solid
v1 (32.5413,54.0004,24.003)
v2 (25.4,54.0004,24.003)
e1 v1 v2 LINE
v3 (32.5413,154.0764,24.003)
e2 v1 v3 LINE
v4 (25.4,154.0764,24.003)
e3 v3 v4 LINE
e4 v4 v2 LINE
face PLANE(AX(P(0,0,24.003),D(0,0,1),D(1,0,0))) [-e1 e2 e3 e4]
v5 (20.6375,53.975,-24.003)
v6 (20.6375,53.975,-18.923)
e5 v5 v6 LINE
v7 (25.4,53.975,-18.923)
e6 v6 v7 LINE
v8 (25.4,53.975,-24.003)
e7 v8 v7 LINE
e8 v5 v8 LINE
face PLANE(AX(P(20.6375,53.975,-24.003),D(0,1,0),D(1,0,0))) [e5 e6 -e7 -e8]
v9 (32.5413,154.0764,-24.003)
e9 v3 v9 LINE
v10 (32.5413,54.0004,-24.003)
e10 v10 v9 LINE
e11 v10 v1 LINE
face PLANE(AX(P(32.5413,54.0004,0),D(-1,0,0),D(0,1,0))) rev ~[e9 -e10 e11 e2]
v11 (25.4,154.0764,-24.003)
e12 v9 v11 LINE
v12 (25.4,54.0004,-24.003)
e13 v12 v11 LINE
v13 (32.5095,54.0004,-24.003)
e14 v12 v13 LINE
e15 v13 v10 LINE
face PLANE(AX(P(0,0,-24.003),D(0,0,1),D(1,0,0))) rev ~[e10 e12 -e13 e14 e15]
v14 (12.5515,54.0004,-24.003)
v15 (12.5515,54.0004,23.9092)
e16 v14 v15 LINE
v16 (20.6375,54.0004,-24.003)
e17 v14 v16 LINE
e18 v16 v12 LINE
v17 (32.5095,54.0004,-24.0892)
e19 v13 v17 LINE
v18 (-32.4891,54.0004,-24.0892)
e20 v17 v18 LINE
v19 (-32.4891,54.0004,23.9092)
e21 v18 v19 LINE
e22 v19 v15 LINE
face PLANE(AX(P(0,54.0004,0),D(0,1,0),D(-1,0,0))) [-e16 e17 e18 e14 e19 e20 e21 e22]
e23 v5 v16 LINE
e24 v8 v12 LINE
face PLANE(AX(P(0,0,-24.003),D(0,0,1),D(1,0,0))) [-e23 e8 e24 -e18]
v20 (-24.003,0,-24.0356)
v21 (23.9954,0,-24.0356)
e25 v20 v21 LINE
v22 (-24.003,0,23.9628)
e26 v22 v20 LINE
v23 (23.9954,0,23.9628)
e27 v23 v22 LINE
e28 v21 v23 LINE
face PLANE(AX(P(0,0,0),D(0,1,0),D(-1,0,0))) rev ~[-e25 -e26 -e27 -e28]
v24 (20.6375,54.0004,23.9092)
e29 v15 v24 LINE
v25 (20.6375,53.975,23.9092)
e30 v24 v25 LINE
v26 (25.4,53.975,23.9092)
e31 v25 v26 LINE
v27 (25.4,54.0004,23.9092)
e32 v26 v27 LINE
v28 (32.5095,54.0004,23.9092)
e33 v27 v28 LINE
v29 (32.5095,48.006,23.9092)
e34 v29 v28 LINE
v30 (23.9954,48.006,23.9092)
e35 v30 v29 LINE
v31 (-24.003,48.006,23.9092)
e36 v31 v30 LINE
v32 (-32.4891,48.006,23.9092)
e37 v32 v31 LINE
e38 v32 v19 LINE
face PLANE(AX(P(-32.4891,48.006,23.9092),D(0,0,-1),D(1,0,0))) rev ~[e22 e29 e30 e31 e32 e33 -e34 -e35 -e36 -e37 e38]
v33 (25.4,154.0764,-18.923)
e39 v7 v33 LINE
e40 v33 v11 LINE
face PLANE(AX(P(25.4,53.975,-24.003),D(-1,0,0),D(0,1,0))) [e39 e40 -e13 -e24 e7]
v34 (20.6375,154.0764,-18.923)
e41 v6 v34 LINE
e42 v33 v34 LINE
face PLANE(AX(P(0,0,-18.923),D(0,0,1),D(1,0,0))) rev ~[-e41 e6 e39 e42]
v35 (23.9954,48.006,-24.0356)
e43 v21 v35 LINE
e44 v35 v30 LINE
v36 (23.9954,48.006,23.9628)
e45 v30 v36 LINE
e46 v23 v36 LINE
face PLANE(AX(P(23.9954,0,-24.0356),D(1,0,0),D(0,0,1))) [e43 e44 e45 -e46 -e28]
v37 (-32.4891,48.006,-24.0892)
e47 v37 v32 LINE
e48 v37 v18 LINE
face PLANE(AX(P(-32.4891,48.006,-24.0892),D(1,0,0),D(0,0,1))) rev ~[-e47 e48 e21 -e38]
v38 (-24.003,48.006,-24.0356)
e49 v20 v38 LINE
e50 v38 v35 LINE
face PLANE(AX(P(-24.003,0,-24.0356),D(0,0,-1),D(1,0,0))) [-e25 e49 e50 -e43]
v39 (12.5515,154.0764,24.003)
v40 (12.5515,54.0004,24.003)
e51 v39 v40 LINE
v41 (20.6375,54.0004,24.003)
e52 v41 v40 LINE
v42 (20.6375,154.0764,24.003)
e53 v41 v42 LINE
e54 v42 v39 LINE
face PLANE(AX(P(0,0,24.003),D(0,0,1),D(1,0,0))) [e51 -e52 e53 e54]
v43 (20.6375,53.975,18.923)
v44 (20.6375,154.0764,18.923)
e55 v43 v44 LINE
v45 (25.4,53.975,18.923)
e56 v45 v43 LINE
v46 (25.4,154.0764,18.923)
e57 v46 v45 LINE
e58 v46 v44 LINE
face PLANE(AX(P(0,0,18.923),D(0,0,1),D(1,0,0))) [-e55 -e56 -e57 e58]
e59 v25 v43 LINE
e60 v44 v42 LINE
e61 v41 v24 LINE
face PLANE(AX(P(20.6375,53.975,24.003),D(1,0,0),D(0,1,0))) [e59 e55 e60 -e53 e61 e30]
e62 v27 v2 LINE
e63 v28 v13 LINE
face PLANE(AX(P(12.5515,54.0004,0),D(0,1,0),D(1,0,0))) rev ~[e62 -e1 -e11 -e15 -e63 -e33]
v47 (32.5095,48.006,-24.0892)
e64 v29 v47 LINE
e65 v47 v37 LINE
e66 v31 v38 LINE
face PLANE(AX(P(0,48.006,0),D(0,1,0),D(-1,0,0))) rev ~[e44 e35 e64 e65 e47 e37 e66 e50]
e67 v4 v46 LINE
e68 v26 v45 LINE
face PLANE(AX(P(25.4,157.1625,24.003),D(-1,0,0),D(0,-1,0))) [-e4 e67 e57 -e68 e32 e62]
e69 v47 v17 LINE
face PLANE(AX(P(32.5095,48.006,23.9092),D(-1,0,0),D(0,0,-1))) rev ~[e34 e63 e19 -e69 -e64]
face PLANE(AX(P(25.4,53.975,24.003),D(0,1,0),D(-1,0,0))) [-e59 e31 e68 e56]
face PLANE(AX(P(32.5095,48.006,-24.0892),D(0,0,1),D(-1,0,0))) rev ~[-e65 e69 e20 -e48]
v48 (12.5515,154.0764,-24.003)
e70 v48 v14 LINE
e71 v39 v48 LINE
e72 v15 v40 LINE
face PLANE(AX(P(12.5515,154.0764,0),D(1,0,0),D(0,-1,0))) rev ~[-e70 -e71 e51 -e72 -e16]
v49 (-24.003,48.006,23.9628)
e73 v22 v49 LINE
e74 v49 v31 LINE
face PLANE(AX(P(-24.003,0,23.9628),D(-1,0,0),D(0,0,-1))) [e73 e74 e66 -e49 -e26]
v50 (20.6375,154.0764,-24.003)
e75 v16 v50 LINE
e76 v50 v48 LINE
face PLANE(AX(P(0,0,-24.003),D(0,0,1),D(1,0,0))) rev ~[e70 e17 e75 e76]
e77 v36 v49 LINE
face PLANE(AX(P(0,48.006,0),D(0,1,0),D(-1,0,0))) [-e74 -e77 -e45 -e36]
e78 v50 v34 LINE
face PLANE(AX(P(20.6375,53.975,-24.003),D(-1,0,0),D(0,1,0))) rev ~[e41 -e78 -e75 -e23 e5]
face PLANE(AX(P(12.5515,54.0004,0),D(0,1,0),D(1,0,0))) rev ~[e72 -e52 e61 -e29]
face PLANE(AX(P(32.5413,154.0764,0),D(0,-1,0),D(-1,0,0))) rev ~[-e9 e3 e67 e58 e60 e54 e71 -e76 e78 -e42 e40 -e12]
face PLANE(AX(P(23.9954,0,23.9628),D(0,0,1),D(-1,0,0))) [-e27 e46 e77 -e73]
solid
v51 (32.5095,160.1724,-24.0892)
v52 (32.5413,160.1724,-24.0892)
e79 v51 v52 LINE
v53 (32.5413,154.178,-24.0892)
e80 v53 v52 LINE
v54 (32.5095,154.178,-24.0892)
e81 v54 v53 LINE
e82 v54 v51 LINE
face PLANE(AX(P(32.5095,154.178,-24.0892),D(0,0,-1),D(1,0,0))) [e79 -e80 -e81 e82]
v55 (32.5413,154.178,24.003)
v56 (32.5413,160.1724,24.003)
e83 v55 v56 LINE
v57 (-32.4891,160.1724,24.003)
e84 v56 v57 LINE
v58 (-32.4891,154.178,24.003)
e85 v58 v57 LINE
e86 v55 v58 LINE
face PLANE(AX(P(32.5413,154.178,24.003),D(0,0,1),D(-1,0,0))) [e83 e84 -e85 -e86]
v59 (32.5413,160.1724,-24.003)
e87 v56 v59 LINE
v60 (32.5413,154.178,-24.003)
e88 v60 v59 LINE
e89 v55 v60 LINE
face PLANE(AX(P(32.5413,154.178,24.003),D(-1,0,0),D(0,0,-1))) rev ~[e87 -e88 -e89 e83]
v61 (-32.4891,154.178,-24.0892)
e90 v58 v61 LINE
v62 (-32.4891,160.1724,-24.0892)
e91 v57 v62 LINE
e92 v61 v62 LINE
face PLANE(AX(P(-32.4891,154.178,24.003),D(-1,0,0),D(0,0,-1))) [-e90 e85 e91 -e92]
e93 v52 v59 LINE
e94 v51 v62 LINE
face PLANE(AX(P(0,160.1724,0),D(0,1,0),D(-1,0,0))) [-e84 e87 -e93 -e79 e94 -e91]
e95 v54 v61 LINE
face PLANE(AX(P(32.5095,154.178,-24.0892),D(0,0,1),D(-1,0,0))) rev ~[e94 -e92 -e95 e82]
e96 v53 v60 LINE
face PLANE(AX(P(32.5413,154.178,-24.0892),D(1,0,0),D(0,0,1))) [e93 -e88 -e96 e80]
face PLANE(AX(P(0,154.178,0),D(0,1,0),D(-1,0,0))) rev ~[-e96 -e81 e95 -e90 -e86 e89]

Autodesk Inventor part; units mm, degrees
sketch "Sketch1" plane through (0, 0, 0) normal (0, 1, 0) x (-1, 0, 0)
  line L0 (24.003, -24.0356) -> (-23.9954, -24.0356)
  line L1 (-23.9954, -24.0356) -> (-23.9954, 23.9628)
  line L2 (-23.9954, 23.9628) -> (24.003, 23.9628)
  line L3 (24.003, 23.9628) -> (24.003, -24.0356)
  point P0 (0, 0)
  dimension "d0" = 47.9984
extrude "Extrusion1" add sketch "Sketch1" along normal blind 48.006
ref_plane "Work Plane1" through (0, 48.006, 0) normal (0, 1, 0) x (-1, 0, 0)
sketch "Sketch2" plane through (0, 48.006, 0) normal (0, 1, 0) x (-1, 0, 0)
  line L0 (32.4891, 23.9092) -> (-32.5095, 23.9092)
  line L1 (-32.5095, 23.9092) -> (-32.5095, -24.0892)
  line L2 (-32.5095, -24.0892) -> (32.4891, -24.0892)
  line L3 (32.4891, -24.0892) -> (32.4891, 23.9092)
  point P0 (0, 0)
  dimension "d6" = 64.9986
extrude "Extrusion2" add sketch "Sketch2" along normal blind 5.9944
sketch "Sketch3" plane through (0, 0, 0) normal (0, 0, 1) x (1, 0, 0)
  line L0 (-32.4891, 54.0004) -> (32.5095, 54.0004) projected
  line L1 (32.5413, 154.0764) -> (12.5515, 154.0764)
  line L2 (12.5515, 154.0764) -> (12.5515, 54.0004)
  line L3 (12.5515, 54.0004) -> (32.5413, 54.0004)
  line L4 (32.5413, 54.0004) -> (32.5413, 154.0764)
  point P0 (0, 0)
  dimension "d12" = 19.9898
  dimension "d13" = 100.076
extrude "Extrusion3" add sketch "Sketch3" along normal mid plane 48.006
ref_plane "Work Plane2" through (0, 0, 24.003) normal (0, 0, 1) x (1, 0, 0)
ref_plane "Work Plane3" through (0, 0, -24.003) normal (0, 0, 1) x (1, 0, 0)
sketch "Sketch4" plane through (0, 0, 24.003) normal (0, 0, 1) x (1, 0, 0)
  line L0 (20.6375, 157.1625) -> (25.4, 157.1625)
  line L1 (25.4, 157.1625) -> (25.4, 53.975)
  line L2 (25.4, 53.975) -> (20.6375, 53.975)
  line L3 (20.6375, 53.975) -> (20.6375, 157.1625)
  line L4 (12.5515, 154.0764) -> (12.5515, 54.0004) projected
  point P0 (0, 0)
  dimension "d24" = 4.7625
  dimension "d25" = 8.086
extrude "Extrusion4" cut sketch "Sketch4" against normal blind 5.08
sketch "Sketch6" plane through (0, 0, -24.003) normal (0, 0, 1) x (1, 0, 0)
  line L0 (20.6375, 53.975) -> (20.6375, 154.0764) projected
  line L1 (25.4, 155.575) -> (20.6375, 155.575)
  line L2 (20.6375, 155.575) -> (20.6375, 53.975)
  line L3 (20.6375, 53.975) -> (25.4, 53.975)
  line L4 (25.4, 53.975) -> (25.4, 155.575)
  point P0 (0, 0)
extrude "Extrusion6" cut sketch "Sketch6" along normal blind 5.08
ref_plane "Work Plane4" through (0, 154.178, 0) normal (0, 1, 0) x (-1, 0, 0)
sketch "Sketch7" plane through (0, 154.178, 0) normal (0, 1, 0) x (-1, 0, 0)
  line L0 (-32.5413, 24.003) -> (-32.5413, -24.003) projected
  line L1 (-32.5095, -24.0892) -> (32.4891, -24.0892) projected
  line L2 (-32.5413, 24.003) -> (32.4891, 24.003)
  line L3 (32.4891, 24.003) -> (32.4891, -24.0892)
  line L4 (32.4891, -24.0892) -> (-32.5413, -24.0892)
  line L5 (-32.5413, -24.0892) -> (-32.5413, 24.003)
  point P0 (0, 0)
extrude "Extrusion7" add sketch "Sketch7" along normal blind 5.9944
properties part number "Linear stepper"
